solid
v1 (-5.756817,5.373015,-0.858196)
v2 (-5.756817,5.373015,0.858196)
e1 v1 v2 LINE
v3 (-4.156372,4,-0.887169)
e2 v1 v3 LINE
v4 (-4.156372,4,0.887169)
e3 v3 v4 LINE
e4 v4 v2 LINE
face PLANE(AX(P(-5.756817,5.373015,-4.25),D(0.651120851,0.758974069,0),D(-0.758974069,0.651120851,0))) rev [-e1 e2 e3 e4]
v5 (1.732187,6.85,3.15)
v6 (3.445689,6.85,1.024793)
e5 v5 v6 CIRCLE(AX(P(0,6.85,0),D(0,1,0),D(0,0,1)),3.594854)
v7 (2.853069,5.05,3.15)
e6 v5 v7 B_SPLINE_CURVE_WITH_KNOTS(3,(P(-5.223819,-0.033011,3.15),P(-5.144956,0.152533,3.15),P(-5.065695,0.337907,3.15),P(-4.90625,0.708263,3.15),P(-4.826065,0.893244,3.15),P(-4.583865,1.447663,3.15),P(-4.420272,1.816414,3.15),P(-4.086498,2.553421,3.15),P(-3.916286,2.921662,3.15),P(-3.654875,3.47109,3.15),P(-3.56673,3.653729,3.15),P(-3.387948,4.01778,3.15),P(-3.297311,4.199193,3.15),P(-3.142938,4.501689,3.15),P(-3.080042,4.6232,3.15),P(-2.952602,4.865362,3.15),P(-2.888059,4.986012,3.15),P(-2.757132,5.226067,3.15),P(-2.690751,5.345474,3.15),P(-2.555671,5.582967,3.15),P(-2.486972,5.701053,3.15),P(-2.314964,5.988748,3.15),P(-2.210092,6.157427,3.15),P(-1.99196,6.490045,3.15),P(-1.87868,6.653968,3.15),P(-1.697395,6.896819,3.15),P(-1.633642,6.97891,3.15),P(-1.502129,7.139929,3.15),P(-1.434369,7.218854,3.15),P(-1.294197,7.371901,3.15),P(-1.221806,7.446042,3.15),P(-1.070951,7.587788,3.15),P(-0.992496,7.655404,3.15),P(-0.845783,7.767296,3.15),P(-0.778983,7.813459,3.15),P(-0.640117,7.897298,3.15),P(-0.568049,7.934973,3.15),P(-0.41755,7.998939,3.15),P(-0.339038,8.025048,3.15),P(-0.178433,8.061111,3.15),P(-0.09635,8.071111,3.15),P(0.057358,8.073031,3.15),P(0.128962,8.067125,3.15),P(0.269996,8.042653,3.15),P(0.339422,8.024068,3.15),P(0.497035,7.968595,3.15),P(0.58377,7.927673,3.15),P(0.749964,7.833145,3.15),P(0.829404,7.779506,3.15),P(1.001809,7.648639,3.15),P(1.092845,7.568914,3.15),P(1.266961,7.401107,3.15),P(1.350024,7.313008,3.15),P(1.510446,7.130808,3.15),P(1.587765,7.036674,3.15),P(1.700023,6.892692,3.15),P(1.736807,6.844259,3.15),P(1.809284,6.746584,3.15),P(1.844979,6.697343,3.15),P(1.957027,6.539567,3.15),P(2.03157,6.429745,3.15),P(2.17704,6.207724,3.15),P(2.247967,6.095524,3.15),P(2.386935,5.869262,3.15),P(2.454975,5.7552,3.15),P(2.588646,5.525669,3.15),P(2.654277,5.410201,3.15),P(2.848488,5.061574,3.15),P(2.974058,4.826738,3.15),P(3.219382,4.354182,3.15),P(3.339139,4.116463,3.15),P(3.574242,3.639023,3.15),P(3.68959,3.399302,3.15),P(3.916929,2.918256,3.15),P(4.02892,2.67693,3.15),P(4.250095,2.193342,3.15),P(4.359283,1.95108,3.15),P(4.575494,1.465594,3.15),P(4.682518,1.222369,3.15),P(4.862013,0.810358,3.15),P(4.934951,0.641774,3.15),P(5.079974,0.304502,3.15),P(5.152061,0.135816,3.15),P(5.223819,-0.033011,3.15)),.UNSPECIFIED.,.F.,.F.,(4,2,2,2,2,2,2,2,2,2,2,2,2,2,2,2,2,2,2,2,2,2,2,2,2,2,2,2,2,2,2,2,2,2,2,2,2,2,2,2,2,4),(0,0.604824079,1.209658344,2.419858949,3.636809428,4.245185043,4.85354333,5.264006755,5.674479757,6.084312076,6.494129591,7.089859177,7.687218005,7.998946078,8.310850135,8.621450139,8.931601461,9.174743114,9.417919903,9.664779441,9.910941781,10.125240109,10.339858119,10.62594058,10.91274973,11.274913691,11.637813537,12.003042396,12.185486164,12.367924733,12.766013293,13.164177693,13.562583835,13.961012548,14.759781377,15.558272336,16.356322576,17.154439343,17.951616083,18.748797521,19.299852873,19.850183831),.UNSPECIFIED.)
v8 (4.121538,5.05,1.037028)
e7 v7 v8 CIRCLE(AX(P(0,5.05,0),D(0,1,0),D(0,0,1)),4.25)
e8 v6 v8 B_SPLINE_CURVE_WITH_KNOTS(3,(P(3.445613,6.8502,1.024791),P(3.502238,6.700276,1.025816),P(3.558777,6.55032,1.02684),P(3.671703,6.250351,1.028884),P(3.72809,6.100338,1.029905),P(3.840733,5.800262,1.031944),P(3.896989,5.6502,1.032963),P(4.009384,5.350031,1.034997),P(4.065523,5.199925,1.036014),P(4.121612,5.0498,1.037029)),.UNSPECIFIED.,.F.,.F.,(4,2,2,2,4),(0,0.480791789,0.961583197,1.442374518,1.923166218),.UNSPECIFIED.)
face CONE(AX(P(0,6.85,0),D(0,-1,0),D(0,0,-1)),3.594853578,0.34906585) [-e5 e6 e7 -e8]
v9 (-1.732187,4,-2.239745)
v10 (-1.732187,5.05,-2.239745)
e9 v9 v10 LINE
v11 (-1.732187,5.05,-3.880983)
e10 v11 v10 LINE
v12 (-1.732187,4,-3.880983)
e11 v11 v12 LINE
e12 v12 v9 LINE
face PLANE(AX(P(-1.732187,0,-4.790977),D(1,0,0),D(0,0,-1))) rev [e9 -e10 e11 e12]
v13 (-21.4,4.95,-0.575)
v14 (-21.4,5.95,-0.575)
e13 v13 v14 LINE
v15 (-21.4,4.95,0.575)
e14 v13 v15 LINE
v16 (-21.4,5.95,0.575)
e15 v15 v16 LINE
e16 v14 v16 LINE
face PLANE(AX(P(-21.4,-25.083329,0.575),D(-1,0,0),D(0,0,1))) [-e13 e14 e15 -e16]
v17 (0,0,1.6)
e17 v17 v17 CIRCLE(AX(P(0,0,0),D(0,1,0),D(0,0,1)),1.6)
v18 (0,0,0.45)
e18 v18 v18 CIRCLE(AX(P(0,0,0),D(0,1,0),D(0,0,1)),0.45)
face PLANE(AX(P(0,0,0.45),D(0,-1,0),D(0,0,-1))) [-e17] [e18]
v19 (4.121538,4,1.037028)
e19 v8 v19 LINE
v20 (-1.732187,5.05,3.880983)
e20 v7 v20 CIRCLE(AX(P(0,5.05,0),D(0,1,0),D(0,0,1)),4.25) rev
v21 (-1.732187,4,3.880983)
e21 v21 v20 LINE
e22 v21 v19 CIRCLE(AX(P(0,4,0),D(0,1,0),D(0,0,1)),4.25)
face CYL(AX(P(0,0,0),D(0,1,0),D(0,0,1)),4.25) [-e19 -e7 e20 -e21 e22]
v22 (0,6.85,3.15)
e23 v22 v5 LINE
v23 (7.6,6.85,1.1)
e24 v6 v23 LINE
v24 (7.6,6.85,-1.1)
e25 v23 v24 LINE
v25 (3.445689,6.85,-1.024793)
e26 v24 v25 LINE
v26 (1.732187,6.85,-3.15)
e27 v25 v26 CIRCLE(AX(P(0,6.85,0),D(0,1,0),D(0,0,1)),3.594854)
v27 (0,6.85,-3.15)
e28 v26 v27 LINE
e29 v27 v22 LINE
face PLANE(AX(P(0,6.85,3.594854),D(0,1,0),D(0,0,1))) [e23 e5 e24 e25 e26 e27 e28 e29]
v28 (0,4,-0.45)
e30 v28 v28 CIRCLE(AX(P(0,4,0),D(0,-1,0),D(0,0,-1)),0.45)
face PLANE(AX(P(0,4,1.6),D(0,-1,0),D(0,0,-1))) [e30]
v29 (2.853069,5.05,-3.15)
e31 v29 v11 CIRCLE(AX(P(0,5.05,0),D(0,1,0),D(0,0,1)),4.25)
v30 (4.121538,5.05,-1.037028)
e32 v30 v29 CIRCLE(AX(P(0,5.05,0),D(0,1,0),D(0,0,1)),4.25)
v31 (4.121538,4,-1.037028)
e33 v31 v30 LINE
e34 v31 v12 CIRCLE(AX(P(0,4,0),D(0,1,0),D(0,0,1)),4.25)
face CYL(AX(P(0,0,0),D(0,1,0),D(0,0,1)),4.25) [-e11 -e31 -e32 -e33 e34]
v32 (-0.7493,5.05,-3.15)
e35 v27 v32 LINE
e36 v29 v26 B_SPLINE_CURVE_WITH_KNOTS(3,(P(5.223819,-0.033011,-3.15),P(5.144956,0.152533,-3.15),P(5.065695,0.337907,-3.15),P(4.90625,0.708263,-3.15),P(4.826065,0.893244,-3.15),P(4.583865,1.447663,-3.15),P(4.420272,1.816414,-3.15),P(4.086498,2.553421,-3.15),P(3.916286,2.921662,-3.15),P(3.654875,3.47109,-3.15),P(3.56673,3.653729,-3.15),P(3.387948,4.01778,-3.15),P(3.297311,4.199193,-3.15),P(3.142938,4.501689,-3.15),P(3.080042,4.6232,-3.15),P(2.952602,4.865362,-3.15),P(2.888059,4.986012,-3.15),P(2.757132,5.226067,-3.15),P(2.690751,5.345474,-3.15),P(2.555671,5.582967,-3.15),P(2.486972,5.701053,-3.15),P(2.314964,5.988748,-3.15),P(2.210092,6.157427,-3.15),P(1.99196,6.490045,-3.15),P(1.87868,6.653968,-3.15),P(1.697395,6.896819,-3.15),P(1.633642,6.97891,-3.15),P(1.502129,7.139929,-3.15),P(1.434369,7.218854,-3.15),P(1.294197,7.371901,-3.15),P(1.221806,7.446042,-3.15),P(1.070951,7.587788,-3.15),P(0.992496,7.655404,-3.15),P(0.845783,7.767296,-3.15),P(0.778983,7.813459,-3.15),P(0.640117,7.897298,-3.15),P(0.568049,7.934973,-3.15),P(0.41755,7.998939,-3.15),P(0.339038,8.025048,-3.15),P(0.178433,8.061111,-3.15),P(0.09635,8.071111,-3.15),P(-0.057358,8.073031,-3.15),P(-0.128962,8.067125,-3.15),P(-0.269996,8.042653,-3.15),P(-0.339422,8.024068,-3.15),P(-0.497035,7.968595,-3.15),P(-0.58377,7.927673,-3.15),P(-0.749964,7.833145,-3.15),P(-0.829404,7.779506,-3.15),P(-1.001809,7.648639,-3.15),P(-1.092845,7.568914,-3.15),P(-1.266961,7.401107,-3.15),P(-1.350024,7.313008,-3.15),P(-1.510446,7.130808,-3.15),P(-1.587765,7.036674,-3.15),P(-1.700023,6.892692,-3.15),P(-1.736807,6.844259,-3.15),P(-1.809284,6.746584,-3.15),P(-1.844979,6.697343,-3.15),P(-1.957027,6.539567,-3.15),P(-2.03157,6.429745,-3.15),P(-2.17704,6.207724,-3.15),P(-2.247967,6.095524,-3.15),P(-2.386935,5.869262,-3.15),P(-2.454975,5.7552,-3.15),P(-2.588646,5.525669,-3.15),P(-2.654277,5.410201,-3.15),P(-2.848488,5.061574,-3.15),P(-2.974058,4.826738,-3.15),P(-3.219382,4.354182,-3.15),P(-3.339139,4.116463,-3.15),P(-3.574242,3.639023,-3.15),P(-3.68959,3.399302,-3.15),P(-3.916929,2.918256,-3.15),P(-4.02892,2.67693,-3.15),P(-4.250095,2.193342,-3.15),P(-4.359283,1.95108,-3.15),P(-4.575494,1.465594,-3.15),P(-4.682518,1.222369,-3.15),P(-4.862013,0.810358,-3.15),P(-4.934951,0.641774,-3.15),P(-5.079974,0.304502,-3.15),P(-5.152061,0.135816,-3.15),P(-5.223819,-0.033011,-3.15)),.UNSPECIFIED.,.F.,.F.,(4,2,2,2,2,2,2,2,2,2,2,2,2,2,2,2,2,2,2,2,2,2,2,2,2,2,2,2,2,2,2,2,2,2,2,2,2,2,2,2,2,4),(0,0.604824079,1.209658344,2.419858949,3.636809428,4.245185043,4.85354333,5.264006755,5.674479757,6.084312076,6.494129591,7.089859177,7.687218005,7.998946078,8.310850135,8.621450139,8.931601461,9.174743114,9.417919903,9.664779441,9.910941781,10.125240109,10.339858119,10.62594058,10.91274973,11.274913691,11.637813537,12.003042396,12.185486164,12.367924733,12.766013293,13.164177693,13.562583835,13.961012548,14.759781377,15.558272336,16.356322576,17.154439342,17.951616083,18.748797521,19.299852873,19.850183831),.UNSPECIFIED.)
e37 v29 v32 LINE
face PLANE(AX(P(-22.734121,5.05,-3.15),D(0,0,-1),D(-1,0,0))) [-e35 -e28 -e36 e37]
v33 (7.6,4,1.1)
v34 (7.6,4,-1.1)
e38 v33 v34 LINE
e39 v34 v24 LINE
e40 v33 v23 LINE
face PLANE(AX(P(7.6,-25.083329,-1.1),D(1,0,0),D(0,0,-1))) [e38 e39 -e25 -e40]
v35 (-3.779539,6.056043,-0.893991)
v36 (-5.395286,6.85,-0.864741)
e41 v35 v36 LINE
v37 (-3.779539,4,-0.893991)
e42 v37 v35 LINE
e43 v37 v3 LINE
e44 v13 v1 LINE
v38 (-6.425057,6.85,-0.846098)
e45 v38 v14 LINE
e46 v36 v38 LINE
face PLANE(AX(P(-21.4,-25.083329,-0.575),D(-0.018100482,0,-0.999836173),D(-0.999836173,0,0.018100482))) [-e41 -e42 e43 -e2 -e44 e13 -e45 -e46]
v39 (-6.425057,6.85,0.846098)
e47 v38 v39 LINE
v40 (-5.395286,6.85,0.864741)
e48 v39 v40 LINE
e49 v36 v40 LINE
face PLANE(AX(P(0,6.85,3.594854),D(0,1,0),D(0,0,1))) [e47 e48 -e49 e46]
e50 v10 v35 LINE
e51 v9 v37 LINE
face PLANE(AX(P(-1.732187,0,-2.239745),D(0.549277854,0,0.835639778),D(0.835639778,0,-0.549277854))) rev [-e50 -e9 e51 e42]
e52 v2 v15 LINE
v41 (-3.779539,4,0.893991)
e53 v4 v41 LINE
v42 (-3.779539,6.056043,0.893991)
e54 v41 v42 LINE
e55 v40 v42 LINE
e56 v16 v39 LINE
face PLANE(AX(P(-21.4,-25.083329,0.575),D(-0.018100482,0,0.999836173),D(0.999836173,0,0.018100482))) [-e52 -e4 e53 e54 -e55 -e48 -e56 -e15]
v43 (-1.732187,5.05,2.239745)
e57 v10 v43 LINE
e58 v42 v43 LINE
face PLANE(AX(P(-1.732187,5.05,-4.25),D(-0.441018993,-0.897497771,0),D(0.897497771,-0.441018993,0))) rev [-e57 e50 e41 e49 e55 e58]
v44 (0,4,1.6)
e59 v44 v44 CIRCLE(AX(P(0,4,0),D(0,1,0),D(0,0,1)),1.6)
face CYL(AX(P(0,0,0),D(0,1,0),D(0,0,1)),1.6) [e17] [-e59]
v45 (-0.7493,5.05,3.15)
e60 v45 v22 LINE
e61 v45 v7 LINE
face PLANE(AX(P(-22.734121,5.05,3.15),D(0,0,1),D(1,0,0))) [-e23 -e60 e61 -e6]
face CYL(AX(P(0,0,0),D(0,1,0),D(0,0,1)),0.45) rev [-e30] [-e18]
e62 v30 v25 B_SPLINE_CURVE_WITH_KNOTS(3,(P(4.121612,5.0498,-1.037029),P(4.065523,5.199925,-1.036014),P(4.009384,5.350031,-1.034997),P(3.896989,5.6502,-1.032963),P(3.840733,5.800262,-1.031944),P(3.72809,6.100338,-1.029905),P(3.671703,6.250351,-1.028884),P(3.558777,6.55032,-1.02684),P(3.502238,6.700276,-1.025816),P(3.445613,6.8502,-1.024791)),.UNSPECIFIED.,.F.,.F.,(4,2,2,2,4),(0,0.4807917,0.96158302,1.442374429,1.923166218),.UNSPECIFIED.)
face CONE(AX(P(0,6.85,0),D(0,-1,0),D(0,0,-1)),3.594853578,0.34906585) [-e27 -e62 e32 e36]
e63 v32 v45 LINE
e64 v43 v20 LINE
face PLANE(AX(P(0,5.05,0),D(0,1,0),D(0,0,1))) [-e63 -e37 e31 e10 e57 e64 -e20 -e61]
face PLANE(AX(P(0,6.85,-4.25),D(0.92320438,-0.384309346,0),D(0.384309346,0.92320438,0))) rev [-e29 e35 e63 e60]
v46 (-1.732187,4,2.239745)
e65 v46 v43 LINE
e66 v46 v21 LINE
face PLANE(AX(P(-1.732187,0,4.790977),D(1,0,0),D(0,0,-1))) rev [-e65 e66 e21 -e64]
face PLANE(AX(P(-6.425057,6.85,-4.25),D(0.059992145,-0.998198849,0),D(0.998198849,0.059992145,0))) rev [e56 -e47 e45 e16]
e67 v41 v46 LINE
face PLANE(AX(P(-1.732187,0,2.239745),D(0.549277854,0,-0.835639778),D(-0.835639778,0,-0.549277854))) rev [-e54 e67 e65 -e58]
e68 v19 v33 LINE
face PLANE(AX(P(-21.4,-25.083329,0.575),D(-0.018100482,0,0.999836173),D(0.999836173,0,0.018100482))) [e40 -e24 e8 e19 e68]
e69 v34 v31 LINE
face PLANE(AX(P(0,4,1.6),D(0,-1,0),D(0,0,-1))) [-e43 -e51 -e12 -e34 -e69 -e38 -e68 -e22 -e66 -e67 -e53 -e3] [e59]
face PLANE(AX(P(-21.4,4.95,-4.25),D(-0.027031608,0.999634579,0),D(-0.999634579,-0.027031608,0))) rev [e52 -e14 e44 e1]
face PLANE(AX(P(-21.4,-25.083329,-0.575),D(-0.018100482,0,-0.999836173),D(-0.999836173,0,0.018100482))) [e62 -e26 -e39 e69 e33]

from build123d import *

# Parameters (mm, degrees)
EXTRUDE_1_DEPTH          = 2.85
SKETCH_3_OUTSIDE_W       = 37.198
SKETCH_3_OUTSIDE_H       = 16.698
SKETCH_3_OUTSIDE_W_2     = 45.46824203
SKETCH_3_OUTSIDE_H_2     = 6.3
CUT_EXTRUDE_1_DEPTH      = 1.8
CUT_EXTRUDE_2_DEPTH      = 8.4
CUT_EXTRUDE_4_DEPTH      = 2.8
CUT_EXTRUDE_4_DEPTH_BACK = 6.05


with BuildPart() as part:
    # Эскиз1 → Повернуть1 (revolve)
    with BuildSketch(Plane(origin=(0, 0, 0), x_dir=(0, 0, -1), z_dir=(1, 0, 0))):
        Polygon((-0.45, 0), (-1.6, 0), (-1.6, 4), (-4.25, 4), (-4.25, 5.05), (-3.594853578, 6.85), (0, 6.85), (0, 5), (-0.45, 5), align=None)
    revolve(axis=Axis((0, 0, 0), (0, -1, 0)))

    # Эскиз2 → Бобышка-Вытянуть1 (add)
    with BuildSketch(Plane(origin=(0, 6.85, 0), x_dir=(1, 0, 0), z_dir=(0, 1, 0))):
        Polygon((-21.4, -0.575), (-21.4, 0.575), (7.6, 1.1), (7.6, -1.1), align=None)
    extrude(amount=-EXTRUDE_1_DEPTH)

    # Эскиз3 outside → Вырез-Вытянуть1 (cut)
    with BuildSketch(Plane(origin=(0, 6.85, 0), x_dir=(1, 0, 0), z_dir=(0, 1, 0))):
        with Locations((-6.9, 0)):
            Rectangle(SKETCH_3_OUTSIDE_W, SKETCH_3_OUTSIDE_H)
        Rectangle(SKETCH_3_OUTSIDE_W_2, SKETCH_3_OUTSIDE_H_2, mode=Mode.SUBTRACT)
    extrude(amount=-CUT_EXTRUDE_1_DEPTH, mode=Mode.SUBTRACT)

    # Эскиз4 → Вырез-Вытянуть2 (cut, through all)
    with BuildSketch(Plane.XY.offset(3.15)):
        Polygon((0, 6.85), (-0.749299763, 5.05), (-1.732187129, 5.05), (-5.395285576, 6.85), align=None)
        Polygon((-6.4250568, 6.85), (-21.4, 5.95), (-21.4, 6.85), align=None)
        Polygon((-21.4, 4.95), (-5.756816797, 5.373014976), (-4.15637233, 4), (-21.4, 4), align=None)
    extrude(amount=-CUT_EXTRUDE_2_DEPTH, mode=Mode.SUBTRACT)

    # Эскиз5 → Вырез-Вытянуть4 (cut, two sides)
    with BuildSketch(Plane(origin=(0, 5.05, 0), x_dir=(1, 0, 0), z_dir=(0, 1, 0))) as cut_extrude_4_sk:
        Polygon((-1.732187129, 4.790977117), (-1.732187129, 2.23974472), (-3.779539394, 0.893991097), (-5.395285576, 0.86474052), (-3.779539394, 4.790977117), align=None)
        Polygon((-5.395285576, -0.86474052), (-3.779539394, -4.790977117), (-1.732187129, -4.790977117), (-1.732187129, -2.23974472), (-3.779539394, -0.893991097), align=None)
    extrude(amount=CUT_EXTRUDE_4_DEPTH, mode=Mode.SUBTRACT)
    extrude(cut_extrude_4_sk.sketch, amount=-CUT_EXTRUDE_4_DEPTH_BACK, mode=Mode.SUBTRACT)


solid = part.part
